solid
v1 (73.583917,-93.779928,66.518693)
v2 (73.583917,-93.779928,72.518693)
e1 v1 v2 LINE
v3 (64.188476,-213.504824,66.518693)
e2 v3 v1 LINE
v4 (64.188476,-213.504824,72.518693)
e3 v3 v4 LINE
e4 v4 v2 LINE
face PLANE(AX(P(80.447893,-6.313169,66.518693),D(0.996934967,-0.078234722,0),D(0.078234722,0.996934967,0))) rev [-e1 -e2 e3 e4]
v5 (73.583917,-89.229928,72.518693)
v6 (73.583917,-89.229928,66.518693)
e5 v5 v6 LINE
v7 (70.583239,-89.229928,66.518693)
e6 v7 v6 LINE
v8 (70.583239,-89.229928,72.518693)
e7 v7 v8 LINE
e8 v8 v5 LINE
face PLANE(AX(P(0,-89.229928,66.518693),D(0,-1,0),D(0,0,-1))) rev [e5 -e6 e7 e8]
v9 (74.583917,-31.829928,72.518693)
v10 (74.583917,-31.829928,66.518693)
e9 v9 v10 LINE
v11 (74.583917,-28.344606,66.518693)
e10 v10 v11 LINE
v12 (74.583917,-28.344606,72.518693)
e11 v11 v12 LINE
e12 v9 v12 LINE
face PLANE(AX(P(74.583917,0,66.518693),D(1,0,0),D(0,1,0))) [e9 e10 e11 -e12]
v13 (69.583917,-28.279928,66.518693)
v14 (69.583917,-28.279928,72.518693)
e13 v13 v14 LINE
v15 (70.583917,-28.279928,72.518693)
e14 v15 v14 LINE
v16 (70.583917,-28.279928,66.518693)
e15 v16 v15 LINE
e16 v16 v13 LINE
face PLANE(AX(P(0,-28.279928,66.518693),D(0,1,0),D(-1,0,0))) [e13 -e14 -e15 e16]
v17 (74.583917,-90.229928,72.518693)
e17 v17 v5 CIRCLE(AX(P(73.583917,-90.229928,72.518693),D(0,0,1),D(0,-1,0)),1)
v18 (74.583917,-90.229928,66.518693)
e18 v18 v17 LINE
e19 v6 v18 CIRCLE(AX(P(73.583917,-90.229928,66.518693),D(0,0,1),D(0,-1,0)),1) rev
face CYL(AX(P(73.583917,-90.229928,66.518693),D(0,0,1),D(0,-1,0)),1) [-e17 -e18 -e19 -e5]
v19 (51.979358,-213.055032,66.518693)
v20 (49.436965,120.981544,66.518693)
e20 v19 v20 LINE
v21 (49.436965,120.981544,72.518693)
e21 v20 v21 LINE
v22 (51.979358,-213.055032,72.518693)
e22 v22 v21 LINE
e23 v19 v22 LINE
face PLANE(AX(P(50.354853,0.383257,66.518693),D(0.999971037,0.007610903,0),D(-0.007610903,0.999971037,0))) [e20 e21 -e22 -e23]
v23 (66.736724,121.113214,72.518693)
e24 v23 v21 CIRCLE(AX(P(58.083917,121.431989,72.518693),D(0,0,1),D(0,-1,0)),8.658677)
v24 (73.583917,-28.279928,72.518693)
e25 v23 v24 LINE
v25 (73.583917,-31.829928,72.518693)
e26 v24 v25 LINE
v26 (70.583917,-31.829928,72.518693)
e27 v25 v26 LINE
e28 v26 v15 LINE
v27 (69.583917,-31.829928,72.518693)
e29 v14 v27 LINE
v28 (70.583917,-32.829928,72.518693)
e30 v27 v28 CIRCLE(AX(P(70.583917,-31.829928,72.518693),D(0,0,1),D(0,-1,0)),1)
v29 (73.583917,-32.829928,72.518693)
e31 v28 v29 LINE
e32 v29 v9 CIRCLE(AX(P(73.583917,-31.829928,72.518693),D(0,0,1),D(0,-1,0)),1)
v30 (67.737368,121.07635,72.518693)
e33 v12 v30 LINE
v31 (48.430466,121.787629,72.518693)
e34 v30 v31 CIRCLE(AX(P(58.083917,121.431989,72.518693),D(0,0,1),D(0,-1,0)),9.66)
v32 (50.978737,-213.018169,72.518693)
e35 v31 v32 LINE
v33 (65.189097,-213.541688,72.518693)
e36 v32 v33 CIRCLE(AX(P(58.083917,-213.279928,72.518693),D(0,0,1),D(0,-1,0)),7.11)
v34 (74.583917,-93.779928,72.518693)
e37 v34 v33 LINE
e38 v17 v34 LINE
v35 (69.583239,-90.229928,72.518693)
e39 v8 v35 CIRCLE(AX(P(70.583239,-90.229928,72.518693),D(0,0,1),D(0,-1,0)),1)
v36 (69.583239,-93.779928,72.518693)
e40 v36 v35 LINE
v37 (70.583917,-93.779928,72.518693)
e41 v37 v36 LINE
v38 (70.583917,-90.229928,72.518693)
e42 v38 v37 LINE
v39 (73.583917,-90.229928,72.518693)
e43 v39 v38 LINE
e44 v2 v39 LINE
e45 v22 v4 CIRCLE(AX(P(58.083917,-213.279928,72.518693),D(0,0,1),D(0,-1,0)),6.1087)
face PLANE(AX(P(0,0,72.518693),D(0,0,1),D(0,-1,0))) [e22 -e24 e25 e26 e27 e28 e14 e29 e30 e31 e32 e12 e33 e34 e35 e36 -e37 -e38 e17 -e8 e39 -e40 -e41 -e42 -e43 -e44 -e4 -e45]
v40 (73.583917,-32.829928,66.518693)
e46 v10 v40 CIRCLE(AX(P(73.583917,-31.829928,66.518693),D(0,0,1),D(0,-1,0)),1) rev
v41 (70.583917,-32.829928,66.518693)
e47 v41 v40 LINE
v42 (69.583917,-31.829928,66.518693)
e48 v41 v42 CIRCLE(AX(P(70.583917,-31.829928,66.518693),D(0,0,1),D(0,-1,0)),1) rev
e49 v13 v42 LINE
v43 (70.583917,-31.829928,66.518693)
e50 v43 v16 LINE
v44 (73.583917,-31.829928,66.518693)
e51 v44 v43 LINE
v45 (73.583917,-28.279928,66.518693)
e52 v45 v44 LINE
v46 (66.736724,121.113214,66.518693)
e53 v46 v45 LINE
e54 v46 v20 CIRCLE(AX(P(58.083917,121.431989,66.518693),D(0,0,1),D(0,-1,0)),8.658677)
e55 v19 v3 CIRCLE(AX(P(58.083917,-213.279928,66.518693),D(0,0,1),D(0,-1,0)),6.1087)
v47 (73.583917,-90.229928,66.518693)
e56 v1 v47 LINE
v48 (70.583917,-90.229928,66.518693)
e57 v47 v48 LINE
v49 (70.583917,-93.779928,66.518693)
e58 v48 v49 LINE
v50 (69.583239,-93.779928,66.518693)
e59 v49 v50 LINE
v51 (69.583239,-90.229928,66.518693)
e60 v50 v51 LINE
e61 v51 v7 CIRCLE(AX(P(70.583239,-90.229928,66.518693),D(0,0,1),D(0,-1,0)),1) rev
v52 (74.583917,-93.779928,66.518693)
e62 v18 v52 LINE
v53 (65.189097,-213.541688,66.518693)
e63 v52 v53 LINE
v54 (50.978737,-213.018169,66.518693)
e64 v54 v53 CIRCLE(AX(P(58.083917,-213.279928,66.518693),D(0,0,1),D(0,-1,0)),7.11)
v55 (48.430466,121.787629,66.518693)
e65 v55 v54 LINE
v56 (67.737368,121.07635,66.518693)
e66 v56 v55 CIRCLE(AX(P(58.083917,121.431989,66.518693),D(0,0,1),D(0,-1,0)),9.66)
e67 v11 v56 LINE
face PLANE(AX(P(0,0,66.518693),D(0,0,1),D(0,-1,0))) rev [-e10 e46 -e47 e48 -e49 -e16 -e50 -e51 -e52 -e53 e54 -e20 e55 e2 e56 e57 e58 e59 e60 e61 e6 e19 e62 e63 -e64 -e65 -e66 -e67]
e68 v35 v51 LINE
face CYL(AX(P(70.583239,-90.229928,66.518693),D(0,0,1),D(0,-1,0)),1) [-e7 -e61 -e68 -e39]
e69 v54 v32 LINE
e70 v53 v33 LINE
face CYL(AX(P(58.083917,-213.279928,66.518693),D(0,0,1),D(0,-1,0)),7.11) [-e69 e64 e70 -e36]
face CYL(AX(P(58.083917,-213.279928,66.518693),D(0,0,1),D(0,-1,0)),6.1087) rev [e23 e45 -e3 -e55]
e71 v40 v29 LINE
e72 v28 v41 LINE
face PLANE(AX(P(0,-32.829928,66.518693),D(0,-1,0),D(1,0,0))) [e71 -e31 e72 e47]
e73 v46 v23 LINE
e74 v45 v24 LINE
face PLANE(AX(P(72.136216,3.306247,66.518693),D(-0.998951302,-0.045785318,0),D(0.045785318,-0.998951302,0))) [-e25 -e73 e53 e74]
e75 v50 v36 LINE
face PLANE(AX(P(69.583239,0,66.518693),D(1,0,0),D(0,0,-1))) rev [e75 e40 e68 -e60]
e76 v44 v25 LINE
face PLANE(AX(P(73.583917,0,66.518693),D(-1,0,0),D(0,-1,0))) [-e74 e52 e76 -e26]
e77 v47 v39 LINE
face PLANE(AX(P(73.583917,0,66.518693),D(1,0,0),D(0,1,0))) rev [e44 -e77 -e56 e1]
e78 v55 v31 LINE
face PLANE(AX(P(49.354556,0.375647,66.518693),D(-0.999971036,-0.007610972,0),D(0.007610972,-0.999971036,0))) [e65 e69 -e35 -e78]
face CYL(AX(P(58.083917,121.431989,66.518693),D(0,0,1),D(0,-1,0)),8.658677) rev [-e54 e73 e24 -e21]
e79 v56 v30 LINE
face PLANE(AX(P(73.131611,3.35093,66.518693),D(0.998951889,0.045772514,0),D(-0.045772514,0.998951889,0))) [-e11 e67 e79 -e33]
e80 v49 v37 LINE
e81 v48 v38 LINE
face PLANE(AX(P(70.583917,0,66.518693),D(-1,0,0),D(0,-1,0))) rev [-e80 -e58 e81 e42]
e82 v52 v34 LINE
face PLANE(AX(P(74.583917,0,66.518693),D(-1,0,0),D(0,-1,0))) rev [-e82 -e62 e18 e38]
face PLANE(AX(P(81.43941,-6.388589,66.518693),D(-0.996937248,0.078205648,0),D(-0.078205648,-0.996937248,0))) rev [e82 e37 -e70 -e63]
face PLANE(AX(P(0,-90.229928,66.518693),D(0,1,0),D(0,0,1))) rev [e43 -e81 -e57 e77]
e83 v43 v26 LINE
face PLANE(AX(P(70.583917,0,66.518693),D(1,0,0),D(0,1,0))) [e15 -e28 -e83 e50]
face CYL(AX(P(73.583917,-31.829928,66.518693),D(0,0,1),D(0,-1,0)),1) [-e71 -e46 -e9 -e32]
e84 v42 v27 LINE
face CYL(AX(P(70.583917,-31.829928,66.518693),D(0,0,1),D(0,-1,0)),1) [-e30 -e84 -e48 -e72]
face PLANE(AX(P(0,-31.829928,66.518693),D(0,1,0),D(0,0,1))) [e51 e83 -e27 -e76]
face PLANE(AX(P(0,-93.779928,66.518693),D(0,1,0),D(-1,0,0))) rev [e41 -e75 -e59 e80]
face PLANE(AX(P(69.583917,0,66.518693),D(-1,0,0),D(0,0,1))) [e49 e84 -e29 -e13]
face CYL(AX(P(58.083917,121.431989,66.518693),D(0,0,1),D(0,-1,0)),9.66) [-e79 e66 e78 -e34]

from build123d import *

# Parameters (mm, degrees)
BOSS_EXTRUDE1_DEPTH      = 3
BOSS_EXTRUDE1_DEPTH_BACK = 3
FILLET1_R                = 1


with BuildPart() as part:
    # Sketch2 → Boss-Extrude1 (new, two sides: drawn at the far end of the back side and taken through both)
    with BuildSketch(Plane(origin=(58.08391713634872, 121.43198942232709, 69.51869342732661), x_dir=(0.9993220722541541, -0.03681570189013682, 0), z_dir=(-1e-17, -3.5e-15, 1)).offset(-BOSS_EXTRUDE1_DEPTH_BACK)):
        with BuildLine():
            ThreePointArc((18.431354186205805, -334.4850073073481), (12.322654184920047, -340.5937073086338), (6.213954183634288, -334.4850073073481))
            Line((6.213954183634306, -334.4850073073481), (-8.624506729994131, -0.7684841044992936))
            ThreePointArc((-8.624506729991177, -0.7684841044991735), (-8.65013007423404, -0.38462170162740245), (-8.658676813147078, -1.6281e-13))
            ThreePointArc((-8.658676813147078, -1.6281e-13), (-1.47473e-12, 8.658676813145437), (8.658676813144126, -1.6653e-13))
            Line((8.658676813144126, -1.6653e-13), (21.0012414551849, -149.0397805610325))
            Line((21.0012414551849, -149.0397805610325), (21.13193719689482, -152.58737391753476))
            Line((21.13193719689482, -152.58737391753476), (18.133970980132357, -152.69782102320517))
            Line((18.133970980132357, -152.69782102320517), (18.003275238422436, -149.15022766670293))
            Line((18.003275238422436, -149.15022766670293), (17.00395316616828, -149.187043368593))
            Line((17.00395316616828, -149.187043368593), (17.171464609768407, -153.73395879734946))
            Line((17.171464609768407, -153.73395879734946), (22.168074971039157, -153.54988028789876))
            Line((22.168074971039157, -153.54988028789876), (22.00294469020588, -149.06759892527108))
            Line((22.00294469020588, -149.06759892527108), (9.659999999998522, -1.7053e-13))
            ThreePointArc((9.659999999998522, -1.6653e-13), (-1.47867e-12, 9.659999999999831), (-9.660000000001478, -1.6979e-13))
            Line((-9.660000000001478, -1.6653e-13), (-9.621878236414362, -0.8573559375786474))
            Line((-9.621878236414362, -0.8573559375786474), (5.212654183767356, -334.4850073073481))
            ThreePointArc((5.2126541837673726, -334.4850073073481), (12.322654184920088, -341.5950073085008), (19.43265418607275, -334.48500730734804))
            Line((19.43265418607274, -334.48500730734804), (24.411992001243018, -214.4585605917896))
            Line((24.411992001243018, -214.4585605917896), (24.24448055764289, -209.91164516303309))
            Line((24.24448055764289, -209.91164516303309), (19.247192268626275, -210.09574864780103))
            Line((19.247192268626275, -210.09574864780103), (19.414703712226398, -214.64266407655742))
            Line((19.414703712226398, -214.64266407655742), (20.414703712226398, -214.60582339935002))
            Line((20.414703712226398, -214.60582339935002), (20.284007970516445, -211.05823004284775))
            Line((20.284007970516445, -211.05823004284775), (23.28197418727881, -210.94778293717735))
            Line((23.28197418727881, -210.94778293717735), (23.412669928988862, -214.4953762936796))
            Line((23.412669928988862, -214.4953762936796), (18.431354186205787, -334.4850073073481))
        make_face()
    extrude(amount=BOSS_EXTRUDE1_DEPTH + BOSS_EXTRUDE1_DEPTH_BACK)

    # Fillet1
    fillet1_edges = [part.edges().sort_by_distance(p)[0] for p in [
        (69.5832387487039, -89.22992838096525, 69.51869342732587),
        (74.58391713634757, -89.22992838096522, 69.51869342732587),
        (69.58391713634755, -32.829928380965185, 69.51869342732607),
        (74.58391713634754, -32.829928380965185, 69.51869342732607),
    ]]
    fillet(fillet1_edges, radius=FILLET1_R)


solid = part.part
